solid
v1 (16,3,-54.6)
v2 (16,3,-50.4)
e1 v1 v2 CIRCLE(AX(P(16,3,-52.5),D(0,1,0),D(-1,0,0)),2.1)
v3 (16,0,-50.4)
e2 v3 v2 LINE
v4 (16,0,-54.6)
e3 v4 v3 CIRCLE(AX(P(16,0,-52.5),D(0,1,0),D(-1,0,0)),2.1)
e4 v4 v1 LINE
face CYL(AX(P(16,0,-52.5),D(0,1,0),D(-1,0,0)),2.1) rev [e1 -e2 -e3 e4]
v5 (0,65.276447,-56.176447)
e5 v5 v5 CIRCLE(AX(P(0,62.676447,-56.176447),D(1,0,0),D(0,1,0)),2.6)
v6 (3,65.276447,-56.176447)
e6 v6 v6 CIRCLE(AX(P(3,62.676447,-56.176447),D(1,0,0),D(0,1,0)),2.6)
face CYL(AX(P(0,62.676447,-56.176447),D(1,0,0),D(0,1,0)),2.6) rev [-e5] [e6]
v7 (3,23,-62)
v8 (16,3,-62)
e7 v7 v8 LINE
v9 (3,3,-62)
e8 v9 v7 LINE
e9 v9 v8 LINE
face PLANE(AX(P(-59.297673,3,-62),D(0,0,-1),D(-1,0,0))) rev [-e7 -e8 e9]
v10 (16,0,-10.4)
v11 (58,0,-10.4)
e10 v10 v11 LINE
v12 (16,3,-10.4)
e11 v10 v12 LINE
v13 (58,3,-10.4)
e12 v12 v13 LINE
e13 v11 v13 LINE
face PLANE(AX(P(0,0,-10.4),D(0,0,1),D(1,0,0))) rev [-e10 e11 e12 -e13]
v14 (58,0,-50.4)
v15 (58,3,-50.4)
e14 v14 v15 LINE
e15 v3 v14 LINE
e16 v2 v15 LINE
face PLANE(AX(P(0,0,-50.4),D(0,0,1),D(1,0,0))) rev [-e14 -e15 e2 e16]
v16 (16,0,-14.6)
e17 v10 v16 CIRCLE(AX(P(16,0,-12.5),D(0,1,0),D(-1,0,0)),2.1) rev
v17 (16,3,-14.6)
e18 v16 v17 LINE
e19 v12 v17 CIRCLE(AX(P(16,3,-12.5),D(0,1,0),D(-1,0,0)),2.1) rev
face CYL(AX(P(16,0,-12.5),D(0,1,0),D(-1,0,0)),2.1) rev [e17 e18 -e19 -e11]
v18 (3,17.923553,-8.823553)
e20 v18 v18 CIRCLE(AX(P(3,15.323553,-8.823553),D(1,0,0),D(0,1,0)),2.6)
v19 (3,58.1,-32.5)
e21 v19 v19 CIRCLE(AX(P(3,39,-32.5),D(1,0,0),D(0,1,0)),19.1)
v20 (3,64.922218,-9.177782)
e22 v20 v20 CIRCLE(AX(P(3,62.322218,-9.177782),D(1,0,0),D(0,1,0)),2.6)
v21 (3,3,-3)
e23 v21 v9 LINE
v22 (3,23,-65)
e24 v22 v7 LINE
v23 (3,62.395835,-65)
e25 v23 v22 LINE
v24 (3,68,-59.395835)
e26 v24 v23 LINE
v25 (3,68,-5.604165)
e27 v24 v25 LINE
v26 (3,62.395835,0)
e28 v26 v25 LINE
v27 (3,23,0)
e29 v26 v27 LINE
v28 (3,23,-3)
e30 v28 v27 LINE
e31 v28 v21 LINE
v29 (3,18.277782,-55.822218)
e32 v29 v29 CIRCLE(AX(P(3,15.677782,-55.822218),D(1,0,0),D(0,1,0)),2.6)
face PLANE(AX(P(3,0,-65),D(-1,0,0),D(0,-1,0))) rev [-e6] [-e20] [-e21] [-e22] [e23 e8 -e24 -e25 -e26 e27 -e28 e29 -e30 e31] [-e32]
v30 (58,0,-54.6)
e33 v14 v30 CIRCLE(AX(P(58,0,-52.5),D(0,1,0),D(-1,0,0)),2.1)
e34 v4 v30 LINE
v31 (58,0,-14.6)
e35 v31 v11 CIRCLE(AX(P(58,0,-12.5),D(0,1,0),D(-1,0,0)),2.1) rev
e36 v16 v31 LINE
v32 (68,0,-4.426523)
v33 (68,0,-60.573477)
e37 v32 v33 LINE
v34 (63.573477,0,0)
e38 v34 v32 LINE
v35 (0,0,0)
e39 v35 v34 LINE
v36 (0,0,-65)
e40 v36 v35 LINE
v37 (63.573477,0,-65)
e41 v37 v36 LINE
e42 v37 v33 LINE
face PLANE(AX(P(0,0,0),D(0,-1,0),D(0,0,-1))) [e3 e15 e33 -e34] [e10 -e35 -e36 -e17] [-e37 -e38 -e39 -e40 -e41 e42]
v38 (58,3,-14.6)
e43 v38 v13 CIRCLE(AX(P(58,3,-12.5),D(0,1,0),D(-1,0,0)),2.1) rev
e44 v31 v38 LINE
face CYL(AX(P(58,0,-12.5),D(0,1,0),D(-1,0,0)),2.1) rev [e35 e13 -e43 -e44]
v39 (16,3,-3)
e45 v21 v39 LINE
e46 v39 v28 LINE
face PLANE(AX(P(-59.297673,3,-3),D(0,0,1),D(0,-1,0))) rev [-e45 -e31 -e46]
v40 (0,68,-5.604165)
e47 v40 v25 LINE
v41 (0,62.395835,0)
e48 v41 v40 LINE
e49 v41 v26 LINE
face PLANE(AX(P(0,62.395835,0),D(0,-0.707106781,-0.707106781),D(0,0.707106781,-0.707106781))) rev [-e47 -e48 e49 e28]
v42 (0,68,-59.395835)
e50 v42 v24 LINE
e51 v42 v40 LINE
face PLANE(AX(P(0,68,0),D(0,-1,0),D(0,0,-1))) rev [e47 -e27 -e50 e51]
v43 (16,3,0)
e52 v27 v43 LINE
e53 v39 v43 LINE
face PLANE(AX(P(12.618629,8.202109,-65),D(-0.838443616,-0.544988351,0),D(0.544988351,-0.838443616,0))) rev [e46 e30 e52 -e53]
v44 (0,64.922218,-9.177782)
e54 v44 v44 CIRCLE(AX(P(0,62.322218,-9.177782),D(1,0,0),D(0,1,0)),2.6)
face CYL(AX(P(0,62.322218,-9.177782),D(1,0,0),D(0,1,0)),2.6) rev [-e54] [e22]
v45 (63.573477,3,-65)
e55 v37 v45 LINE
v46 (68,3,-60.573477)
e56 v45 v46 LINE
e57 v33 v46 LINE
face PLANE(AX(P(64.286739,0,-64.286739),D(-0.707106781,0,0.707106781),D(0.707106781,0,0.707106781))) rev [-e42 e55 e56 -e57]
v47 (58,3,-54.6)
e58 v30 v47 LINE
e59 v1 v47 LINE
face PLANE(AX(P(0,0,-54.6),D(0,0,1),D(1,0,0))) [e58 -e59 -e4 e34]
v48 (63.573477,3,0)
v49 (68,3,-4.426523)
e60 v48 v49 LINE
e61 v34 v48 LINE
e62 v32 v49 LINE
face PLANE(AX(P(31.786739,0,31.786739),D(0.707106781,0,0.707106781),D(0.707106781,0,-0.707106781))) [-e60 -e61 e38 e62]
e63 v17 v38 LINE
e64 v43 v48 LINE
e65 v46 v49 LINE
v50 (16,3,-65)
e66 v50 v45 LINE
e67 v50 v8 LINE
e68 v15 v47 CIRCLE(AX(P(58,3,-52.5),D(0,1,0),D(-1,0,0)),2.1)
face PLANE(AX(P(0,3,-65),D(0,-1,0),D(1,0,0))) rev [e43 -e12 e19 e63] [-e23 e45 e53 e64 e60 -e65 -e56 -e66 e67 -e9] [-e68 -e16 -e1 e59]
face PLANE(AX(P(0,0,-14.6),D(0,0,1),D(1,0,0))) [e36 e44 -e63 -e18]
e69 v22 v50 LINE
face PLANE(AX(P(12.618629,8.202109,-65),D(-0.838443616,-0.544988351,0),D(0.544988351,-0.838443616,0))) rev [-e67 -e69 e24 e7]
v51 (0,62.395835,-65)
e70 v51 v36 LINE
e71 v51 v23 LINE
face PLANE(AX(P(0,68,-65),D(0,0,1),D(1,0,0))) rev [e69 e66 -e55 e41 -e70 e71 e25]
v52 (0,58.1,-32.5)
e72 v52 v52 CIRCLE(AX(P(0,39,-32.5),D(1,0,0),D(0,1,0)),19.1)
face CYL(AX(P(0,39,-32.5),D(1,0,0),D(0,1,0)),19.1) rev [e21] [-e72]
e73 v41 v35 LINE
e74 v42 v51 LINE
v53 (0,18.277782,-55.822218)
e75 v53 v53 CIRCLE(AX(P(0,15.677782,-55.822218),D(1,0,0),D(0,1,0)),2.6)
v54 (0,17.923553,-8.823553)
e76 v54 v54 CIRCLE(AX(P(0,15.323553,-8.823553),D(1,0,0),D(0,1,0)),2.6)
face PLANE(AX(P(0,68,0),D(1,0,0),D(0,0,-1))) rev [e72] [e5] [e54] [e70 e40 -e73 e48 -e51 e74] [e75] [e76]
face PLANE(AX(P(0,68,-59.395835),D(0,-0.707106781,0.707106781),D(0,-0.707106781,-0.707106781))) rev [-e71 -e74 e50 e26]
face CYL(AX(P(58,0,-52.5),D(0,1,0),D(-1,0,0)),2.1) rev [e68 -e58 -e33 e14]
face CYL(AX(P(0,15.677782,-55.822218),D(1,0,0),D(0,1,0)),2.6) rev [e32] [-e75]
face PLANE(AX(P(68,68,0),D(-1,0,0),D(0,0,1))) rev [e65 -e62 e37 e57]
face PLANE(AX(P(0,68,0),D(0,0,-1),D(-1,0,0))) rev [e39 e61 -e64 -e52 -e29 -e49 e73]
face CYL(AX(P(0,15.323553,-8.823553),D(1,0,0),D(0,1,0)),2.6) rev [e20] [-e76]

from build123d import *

# Parameters (mm, degrees)
SKETCH1_W           = 68
SKETCH1_H           = 65
BOSS_EXTRUDE1_DEPTH = 68
CUT_EXTRUDE1_DEPTH  = 66
SKETCH3_W           = 59
SKETCH3_H           = 20
CUT_EXTRUDE2_DEPTH  = 65
SKETCH4_R           = 19.1
SKETCH4_R_2         = 2.6
CUT_EXTRUDE3_DEPTH  = 4
CUT_EXTRUDE4_DEPTH  = 4


with BuildPart() as part:
    # Sketch1 → Boss-Extrude1 (new body)
    with BuildSketch(Plane(origin=(0, 0, 0), x_dir=(1, 0, 0), z_dir=(0, 1, 0))):
        with Locations((34, 32.5)):
            Rectangle(SKETCH1_W, SKETCH1_H)
    extrude(amount=BOSS_EXTRUDE1_DEPTH)

    # Sketch2 → Cut-Extrude1 (cut, through all)
    with BuildSketch(Plane.XY):
        Polygon((68, 68), (3, 68), (3, 23), (16, 3), (68, 3), align=None)
    extrude(amount=-CUT_EXTRUDE1_DEPTH, mode=Mode.SUBTRACT)

    # Sketch3 → Cut-Extrude2 (cut)
    with BuildSketch(Plane(origin=(68, 0, 0), x_dir=(0, 0, -1), z_dir=(1, 0, 0))):
        with Locations((32.5, 13)):
            Rectangle(SKETCH3_W, SKETCH3_H)
    extrude(amount=-CUT_EXTRUDE2_DEPTH, mode=Mode.SUBTRACT)

    # Sketch4 → Cut-Extrude3 (cut, through all)
    with BuildSketch(Plane(origin=(3, 0, 0), x_dir=(0, 0, -1), z_dir=(1, 0, 0))):
        Polygon((0, 68), (0, 62.395835051), (5.604164949, 68), align=None)
        Polygon((65, 68), (59.395835051, 68), (65, 62.395835051), align=None)
        with Locations((32.5, 39)):
            Circle(SKETCH4_R)
        with Locations((55.822217793, 15.677782207)):
            Circle(SKETCH4_R_2)
        with Locations((56.176447309, 62.676447309)):
            Circle(SKETCH4_R_2)
        with Locations((9.177782207, 62.322217793)):
            Circle(SKETCH4_R_2)
        with Locations((8.823552691, 15.323552691)):
            Circle(SKETCH4_R_2)
    extrude(amount=-CUT_EXTRUDE3_DEPTH, mode=Mode.SUBTRACT)

    # Sketch5 → Cut-Extrude4 (cut, through all)
    with BuildSketch(Plane(origin=(0, 3, 0), x_dir=(1, 0, 0), z_dir=(0, 1, 0))):
        with BuildLine():
            Line((58, 54.6), (16, 54.6))
            ThreePointArc((16, 54.6), (13.9, 52.5), (16, 50.4))
            Line((16, 50.4), (58, 50.4))
            ThreePointArc((58, 50.4), (60.1, 52.5), (58, 54.6))
        make_face()
        Polygon((68, 65), (63.573477358, 65), (68, 60.573477358), align=None)
        Polygon((68, 4.426522642), (63.573477358, 0), (68, 0), align=None)
        with BuildLine():
            Line((16, 10.4), (58, 10.4))
            ThreePointArc((58, 10.4), (60.1, 12.5), (58, 14.6))
            Line((58, 14.6), (16, 14.6))
            ThreePointArc((16, 14.6), (13.9, 12.5), (16, 10.4))
        make_face()
    extrude(amount=-CUT_EXTRUDE4_DEPTH, mode=Mode.SUBTRACT)


solid = part.part
